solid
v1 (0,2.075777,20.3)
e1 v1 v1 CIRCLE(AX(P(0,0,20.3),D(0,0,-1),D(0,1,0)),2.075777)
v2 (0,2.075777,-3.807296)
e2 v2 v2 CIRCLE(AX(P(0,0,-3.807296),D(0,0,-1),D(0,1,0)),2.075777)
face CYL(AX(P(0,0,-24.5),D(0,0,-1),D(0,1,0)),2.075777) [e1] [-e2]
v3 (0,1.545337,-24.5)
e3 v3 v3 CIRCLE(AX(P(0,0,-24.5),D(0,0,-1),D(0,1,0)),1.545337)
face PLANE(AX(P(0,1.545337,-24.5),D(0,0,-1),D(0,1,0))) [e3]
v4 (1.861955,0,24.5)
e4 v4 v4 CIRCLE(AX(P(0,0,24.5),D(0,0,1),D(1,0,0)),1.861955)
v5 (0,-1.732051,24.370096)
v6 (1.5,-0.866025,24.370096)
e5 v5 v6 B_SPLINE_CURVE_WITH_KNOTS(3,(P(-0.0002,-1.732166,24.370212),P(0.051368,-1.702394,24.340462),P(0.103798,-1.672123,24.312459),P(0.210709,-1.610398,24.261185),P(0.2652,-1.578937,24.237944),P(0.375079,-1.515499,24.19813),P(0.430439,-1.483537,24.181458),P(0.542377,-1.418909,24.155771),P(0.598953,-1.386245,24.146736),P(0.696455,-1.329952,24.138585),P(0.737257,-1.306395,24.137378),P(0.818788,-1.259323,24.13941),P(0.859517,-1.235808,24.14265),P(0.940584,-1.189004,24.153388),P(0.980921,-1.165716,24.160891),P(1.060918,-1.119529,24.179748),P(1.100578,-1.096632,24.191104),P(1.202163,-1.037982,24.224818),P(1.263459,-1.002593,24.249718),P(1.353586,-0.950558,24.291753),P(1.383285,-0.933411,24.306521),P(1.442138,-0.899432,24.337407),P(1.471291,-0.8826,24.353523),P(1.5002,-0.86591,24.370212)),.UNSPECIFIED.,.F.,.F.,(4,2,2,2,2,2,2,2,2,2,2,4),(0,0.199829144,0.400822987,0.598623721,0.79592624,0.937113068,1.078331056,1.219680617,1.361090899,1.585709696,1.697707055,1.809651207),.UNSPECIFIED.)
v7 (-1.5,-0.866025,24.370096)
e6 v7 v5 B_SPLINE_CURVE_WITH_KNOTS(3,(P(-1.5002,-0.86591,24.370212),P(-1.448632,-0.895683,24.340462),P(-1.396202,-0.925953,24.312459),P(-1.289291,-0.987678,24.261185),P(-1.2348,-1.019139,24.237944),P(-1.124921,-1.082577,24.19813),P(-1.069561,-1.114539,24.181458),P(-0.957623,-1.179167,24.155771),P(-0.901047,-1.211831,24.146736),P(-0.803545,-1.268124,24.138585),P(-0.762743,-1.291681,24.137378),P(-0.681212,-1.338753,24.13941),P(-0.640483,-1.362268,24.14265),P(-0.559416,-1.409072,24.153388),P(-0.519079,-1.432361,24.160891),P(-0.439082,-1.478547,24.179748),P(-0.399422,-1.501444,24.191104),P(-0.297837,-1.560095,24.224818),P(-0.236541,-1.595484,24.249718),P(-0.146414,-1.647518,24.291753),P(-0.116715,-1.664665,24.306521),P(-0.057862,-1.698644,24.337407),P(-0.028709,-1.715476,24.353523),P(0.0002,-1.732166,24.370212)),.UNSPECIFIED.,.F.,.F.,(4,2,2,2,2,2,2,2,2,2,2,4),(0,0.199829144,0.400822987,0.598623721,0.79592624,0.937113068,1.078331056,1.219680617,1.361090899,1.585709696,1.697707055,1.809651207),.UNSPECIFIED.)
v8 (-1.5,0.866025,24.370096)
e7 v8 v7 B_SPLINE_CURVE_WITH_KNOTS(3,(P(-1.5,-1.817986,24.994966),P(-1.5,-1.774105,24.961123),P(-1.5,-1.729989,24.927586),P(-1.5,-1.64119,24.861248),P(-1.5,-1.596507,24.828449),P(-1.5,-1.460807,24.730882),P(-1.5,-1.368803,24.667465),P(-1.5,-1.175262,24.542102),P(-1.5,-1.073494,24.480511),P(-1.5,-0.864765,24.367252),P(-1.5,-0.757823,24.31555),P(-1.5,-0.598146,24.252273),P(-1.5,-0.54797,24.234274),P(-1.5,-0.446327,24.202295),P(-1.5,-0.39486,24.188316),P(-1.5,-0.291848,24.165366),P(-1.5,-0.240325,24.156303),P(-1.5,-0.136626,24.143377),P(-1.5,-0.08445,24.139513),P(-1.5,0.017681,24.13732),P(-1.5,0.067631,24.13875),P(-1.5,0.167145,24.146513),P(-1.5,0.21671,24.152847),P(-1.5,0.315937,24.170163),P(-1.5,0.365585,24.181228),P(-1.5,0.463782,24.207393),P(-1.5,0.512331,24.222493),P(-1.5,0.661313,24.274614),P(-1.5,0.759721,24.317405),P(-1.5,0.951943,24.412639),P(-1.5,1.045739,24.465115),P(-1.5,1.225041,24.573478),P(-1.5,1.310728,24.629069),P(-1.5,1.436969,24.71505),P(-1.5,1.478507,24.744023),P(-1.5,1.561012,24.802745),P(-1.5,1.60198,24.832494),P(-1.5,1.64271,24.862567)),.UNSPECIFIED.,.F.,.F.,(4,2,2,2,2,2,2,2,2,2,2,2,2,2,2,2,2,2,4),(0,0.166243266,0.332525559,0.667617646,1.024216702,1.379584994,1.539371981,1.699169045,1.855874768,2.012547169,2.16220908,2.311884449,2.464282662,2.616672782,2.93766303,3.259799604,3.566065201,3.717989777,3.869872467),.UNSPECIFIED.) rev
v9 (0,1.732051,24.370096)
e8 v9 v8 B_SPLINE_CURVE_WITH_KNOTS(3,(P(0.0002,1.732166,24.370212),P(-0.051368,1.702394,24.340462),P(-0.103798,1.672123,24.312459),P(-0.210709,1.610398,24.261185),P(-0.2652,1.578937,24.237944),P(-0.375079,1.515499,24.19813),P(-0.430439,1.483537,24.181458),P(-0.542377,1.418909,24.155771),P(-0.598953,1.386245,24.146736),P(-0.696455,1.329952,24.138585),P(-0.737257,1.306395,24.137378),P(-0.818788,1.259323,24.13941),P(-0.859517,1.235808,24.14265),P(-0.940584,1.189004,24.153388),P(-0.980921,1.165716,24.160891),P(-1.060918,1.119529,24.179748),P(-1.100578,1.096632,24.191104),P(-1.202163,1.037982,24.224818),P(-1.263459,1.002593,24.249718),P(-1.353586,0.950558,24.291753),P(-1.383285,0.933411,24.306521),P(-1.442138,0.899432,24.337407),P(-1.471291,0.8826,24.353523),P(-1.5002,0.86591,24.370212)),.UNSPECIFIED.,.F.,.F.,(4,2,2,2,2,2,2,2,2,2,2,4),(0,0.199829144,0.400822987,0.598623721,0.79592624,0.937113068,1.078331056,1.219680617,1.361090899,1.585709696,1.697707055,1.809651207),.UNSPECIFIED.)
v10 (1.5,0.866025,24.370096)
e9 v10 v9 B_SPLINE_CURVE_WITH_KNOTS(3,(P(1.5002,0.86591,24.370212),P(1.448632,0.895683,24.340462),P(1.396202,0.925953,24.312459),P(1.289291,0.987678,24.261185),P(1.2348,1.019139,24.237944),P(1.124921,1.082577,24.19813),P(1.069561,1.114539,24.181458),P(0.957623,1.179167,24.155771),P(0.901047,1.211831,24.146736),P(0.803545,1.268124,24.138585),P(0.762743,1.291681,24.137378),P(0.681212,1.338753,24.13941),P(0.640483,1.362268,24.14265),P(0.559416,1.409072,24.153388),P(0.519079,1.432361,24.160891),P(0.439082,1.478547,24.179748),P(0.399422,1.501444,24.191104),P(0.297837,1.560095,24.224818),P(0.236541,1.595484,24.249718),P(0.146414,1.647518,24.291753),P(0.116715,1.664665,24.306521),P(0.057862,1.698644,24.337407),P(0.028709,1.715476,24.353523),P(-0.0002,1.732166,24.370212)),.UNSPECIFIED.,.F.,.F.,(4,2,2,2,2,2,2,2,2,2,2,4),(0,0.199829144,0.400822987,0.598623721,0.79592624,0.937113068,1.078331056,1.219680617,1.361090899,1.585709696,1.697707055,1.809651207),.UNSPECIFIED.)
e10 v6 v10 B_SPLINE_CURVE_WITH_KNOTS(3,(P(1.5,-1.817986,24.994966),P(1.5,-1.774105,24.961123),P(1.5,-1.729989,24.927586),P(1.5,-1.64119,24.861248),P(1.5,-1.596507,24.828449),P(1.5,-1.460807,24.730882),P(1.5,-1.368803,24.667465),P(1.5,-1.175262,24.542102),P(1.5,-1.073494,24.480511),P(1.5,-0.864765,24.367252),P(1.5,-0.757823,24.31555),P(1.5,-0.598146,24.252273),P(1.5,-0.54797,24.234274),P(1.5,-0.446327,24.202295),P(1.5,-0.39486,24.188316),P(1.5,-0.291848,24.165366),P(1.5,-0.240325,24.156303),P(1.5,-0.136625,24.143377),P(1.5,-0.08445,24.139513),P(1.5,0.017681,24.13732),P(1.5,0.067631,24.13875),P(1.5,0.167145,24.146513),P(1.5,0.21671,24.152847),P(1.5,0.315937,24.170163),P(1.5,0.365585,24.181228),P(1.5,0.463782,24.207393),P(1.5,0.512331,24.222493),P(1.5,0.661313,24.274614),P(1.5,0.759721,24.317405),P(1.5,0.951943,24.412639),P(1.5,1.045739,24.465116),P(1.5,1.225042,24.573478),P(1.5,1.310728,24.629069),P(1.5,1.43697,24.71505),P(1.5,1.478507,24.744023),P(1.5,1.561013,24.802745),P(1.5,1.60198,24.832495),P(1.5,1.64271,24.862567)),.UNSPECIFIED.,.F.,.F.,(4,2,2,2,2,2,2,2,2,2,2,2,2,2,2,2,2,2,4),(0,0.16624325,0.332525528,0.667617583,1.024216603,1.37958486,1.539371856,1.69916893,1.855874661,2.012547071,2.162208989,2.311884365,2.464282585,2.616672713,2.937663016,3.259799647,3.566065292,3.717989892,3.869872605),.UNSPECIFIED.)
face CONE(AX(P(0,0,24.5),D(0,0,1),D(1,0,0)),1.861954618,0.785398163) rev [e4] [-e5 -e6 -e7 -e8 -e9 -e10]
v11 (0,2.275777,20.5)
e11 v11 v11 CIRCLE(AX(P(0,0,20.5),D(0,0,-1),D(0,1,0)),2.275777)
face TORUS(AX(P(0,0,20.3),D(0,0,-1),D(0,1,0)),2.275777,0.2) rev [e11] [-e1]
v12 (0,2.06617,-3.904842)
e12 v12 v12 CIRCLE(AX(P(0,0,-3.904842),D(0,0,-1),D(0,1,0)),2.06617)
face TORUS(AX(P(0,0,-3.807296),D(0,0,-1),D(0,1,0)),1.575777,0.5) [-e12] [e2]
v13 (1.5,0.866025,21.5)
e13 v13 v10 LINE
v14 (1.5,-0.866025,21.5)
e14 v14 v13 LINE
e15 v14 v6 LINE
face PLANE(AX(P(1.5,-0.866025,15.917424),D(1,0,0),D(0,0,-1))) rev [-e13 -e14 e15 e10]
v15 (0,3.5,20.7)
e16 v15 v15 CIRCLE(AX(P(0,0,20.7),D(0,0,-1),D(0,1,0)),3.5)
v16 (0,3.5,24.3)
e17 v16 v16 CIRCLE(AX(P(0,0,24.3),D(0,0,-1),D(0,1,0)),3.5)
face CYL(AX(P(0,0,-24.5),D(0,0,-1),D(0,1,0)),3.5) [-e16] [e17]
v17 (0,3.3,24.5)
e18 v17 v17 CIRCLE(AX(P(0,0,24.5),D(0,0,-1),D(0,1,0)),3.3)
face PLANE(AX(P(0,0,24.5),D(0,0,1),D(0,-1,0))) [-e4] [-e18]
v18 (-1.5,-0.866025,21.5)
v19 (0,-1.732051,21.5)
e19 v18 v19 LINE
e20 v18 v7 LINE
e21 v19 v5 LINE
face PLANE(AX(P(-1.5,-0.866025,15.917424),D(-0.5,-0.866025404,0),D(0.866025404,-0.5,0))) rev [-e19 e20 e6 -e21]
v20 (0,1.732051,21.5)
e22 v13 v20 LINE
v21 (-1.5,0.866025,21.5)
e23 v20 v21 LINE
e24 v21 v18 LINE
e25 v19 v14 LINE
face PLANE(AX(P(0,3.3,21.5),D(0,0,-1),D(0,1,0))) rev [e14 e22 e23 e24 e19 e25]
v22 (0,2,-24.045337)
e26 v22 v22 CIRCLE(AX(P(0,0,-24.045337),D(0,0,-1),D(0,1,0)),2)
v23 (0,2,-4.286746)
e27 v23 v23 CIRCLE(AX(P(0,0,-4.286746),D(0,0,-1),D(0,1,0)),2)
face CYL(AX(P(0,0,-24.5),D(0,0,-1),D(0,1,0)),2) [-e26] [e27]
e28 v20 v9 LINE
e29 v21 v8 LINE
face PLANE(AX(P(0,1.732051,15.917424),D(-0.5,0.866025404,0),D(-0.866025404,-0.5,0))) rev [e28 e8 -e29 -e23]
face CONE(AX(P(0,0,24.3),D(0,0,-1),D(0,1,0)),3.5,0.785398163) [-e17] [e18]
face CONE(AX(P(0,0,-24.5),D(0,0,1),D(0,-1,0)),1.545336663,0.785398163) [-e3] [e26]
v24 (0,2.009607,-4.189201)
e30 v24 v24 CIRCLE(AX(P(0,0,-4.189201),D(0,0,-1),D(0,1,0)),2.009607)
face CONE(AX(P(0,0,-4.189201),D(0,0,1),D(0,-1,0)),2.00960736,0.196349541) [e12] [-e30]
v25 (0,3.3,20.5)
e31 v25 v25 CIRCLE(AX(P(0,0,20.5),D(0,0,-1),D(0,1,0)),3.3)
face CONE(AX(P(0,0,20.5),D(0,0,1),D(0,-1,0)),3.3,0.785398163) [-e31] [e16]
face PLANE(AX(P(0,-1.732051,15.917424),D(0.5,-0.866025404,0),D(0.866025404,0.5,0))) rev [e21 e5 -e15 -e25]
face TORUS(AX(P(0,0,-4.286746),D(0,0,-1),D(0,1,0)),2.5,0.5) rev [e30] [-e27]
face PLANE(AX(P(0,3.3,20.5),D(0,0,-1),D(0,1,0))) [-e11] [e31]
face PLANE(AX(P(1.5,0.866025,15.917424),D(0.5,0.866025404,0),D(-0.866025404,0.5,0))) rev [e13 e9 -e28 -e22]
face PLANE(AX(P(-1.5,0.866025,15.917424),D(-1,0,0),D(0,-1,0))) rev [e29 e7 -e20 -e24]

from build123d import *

# Parameters (mm, degrees)
CUT_EXTRUDE1_DEPTH = 3
SKETCH4_R          = 1.861954618
CUT_EXTRUDE2_DEPTH = 3
CUT_EXTRUDE2_DRAFT = -45


with BuildPart() as part:
    # Sketch2 → Revolve1 (revolve)
    with BuildSketch(Plane(origin=(0, 0, 0), x_dir=(0, 0, -1), z_dir=(1, 0, 0))):
        with BuildLine():
            Line((-24.5, 0), (-24.5, 3.3))
            Line((-24.5, 3.3), (-24.3, 3.5))
            Line((-24.3, 3.5), (-20.7, 3.5))
            Line((-20.7, 3.5), (-20.5, 3.3))
            Line((-20.5, 3.3), (-20.5, 2.275777223))
            ThreePointArc((-20.5, 2.275777223), (-20.441421356, 2.134355867), (-20.3, 2.075777223))
            Line((-20.3, 2.075777223), (3.807296473, 2.075777223))
            ThreePointArc((3.807296473, 2.075777223), (3.856305044, 2.073369586), (3.904841634, 2.066169863))
            Line((3.904841634, 2.066169863), (4.189200541, 2.00960736))
            ThreePointArc((4.189200541, 2.00960736), (4.237737132, 2.002407637), (4.286745702, 2))
            Line((4.286745702, 2), (24.045336663, 2))
            Line((24.045336663, 2), (24.5, 1.545336663))
            Line((24.5, 1.545336663), (24.5, 0))
            Line((24.5, 0), (-24.5, 0))
        make_face()
    revolve(axis=Axis((0, 0, -24.5), (0, 0, 1)))

    # Sketch3 → Cut-Extrude1 (cut)
    with BuildSketch(Plane.XY.offset(24.5)):
        Polygon((1.5, -0.866025404), (1.5, 0.866025404), (0, 1.732050808), (-1.5, 0.866025404), (-1.5, -0.866025404), (0, -1.732050808), align=None)
    extrude(amount=-CUT_EXTRUDE1_DEPTH, mode=Mode.SUBTRACT)


with BuildPart() as cut_extrude2_tool:
    # Sketch4 → Cut-Extrude2 (with draft: the straight prism first)
    with BuildSketch(Plane.XY.offset(24.5)):
        Circle(SKETCH4_R)
    extrude(amount=-CUT_EXTRUDE2_DEPTH)
    # Cut-Extrude2: the draft: its side faces are tilted about the plane it starts from
    cut_extrude2_sides = [cut_extrude2_tool.faces().sort_by_distance(p)[0] for p in [
        (-1.861954618, 0, 23),
    ]]
    draft(cut_extrude2_sides, Plane.XY.offset(24.5), CUT_EXTRUDE2_DRAFT)


with BuildPart() as part_1:
    add(part.part)

    # Cut-Extrude2: cut by cut_extrude2_tool
    add(cut_extrude2_tool.part, mode=Mode.SUBTRACT)


solid = part_1.part
